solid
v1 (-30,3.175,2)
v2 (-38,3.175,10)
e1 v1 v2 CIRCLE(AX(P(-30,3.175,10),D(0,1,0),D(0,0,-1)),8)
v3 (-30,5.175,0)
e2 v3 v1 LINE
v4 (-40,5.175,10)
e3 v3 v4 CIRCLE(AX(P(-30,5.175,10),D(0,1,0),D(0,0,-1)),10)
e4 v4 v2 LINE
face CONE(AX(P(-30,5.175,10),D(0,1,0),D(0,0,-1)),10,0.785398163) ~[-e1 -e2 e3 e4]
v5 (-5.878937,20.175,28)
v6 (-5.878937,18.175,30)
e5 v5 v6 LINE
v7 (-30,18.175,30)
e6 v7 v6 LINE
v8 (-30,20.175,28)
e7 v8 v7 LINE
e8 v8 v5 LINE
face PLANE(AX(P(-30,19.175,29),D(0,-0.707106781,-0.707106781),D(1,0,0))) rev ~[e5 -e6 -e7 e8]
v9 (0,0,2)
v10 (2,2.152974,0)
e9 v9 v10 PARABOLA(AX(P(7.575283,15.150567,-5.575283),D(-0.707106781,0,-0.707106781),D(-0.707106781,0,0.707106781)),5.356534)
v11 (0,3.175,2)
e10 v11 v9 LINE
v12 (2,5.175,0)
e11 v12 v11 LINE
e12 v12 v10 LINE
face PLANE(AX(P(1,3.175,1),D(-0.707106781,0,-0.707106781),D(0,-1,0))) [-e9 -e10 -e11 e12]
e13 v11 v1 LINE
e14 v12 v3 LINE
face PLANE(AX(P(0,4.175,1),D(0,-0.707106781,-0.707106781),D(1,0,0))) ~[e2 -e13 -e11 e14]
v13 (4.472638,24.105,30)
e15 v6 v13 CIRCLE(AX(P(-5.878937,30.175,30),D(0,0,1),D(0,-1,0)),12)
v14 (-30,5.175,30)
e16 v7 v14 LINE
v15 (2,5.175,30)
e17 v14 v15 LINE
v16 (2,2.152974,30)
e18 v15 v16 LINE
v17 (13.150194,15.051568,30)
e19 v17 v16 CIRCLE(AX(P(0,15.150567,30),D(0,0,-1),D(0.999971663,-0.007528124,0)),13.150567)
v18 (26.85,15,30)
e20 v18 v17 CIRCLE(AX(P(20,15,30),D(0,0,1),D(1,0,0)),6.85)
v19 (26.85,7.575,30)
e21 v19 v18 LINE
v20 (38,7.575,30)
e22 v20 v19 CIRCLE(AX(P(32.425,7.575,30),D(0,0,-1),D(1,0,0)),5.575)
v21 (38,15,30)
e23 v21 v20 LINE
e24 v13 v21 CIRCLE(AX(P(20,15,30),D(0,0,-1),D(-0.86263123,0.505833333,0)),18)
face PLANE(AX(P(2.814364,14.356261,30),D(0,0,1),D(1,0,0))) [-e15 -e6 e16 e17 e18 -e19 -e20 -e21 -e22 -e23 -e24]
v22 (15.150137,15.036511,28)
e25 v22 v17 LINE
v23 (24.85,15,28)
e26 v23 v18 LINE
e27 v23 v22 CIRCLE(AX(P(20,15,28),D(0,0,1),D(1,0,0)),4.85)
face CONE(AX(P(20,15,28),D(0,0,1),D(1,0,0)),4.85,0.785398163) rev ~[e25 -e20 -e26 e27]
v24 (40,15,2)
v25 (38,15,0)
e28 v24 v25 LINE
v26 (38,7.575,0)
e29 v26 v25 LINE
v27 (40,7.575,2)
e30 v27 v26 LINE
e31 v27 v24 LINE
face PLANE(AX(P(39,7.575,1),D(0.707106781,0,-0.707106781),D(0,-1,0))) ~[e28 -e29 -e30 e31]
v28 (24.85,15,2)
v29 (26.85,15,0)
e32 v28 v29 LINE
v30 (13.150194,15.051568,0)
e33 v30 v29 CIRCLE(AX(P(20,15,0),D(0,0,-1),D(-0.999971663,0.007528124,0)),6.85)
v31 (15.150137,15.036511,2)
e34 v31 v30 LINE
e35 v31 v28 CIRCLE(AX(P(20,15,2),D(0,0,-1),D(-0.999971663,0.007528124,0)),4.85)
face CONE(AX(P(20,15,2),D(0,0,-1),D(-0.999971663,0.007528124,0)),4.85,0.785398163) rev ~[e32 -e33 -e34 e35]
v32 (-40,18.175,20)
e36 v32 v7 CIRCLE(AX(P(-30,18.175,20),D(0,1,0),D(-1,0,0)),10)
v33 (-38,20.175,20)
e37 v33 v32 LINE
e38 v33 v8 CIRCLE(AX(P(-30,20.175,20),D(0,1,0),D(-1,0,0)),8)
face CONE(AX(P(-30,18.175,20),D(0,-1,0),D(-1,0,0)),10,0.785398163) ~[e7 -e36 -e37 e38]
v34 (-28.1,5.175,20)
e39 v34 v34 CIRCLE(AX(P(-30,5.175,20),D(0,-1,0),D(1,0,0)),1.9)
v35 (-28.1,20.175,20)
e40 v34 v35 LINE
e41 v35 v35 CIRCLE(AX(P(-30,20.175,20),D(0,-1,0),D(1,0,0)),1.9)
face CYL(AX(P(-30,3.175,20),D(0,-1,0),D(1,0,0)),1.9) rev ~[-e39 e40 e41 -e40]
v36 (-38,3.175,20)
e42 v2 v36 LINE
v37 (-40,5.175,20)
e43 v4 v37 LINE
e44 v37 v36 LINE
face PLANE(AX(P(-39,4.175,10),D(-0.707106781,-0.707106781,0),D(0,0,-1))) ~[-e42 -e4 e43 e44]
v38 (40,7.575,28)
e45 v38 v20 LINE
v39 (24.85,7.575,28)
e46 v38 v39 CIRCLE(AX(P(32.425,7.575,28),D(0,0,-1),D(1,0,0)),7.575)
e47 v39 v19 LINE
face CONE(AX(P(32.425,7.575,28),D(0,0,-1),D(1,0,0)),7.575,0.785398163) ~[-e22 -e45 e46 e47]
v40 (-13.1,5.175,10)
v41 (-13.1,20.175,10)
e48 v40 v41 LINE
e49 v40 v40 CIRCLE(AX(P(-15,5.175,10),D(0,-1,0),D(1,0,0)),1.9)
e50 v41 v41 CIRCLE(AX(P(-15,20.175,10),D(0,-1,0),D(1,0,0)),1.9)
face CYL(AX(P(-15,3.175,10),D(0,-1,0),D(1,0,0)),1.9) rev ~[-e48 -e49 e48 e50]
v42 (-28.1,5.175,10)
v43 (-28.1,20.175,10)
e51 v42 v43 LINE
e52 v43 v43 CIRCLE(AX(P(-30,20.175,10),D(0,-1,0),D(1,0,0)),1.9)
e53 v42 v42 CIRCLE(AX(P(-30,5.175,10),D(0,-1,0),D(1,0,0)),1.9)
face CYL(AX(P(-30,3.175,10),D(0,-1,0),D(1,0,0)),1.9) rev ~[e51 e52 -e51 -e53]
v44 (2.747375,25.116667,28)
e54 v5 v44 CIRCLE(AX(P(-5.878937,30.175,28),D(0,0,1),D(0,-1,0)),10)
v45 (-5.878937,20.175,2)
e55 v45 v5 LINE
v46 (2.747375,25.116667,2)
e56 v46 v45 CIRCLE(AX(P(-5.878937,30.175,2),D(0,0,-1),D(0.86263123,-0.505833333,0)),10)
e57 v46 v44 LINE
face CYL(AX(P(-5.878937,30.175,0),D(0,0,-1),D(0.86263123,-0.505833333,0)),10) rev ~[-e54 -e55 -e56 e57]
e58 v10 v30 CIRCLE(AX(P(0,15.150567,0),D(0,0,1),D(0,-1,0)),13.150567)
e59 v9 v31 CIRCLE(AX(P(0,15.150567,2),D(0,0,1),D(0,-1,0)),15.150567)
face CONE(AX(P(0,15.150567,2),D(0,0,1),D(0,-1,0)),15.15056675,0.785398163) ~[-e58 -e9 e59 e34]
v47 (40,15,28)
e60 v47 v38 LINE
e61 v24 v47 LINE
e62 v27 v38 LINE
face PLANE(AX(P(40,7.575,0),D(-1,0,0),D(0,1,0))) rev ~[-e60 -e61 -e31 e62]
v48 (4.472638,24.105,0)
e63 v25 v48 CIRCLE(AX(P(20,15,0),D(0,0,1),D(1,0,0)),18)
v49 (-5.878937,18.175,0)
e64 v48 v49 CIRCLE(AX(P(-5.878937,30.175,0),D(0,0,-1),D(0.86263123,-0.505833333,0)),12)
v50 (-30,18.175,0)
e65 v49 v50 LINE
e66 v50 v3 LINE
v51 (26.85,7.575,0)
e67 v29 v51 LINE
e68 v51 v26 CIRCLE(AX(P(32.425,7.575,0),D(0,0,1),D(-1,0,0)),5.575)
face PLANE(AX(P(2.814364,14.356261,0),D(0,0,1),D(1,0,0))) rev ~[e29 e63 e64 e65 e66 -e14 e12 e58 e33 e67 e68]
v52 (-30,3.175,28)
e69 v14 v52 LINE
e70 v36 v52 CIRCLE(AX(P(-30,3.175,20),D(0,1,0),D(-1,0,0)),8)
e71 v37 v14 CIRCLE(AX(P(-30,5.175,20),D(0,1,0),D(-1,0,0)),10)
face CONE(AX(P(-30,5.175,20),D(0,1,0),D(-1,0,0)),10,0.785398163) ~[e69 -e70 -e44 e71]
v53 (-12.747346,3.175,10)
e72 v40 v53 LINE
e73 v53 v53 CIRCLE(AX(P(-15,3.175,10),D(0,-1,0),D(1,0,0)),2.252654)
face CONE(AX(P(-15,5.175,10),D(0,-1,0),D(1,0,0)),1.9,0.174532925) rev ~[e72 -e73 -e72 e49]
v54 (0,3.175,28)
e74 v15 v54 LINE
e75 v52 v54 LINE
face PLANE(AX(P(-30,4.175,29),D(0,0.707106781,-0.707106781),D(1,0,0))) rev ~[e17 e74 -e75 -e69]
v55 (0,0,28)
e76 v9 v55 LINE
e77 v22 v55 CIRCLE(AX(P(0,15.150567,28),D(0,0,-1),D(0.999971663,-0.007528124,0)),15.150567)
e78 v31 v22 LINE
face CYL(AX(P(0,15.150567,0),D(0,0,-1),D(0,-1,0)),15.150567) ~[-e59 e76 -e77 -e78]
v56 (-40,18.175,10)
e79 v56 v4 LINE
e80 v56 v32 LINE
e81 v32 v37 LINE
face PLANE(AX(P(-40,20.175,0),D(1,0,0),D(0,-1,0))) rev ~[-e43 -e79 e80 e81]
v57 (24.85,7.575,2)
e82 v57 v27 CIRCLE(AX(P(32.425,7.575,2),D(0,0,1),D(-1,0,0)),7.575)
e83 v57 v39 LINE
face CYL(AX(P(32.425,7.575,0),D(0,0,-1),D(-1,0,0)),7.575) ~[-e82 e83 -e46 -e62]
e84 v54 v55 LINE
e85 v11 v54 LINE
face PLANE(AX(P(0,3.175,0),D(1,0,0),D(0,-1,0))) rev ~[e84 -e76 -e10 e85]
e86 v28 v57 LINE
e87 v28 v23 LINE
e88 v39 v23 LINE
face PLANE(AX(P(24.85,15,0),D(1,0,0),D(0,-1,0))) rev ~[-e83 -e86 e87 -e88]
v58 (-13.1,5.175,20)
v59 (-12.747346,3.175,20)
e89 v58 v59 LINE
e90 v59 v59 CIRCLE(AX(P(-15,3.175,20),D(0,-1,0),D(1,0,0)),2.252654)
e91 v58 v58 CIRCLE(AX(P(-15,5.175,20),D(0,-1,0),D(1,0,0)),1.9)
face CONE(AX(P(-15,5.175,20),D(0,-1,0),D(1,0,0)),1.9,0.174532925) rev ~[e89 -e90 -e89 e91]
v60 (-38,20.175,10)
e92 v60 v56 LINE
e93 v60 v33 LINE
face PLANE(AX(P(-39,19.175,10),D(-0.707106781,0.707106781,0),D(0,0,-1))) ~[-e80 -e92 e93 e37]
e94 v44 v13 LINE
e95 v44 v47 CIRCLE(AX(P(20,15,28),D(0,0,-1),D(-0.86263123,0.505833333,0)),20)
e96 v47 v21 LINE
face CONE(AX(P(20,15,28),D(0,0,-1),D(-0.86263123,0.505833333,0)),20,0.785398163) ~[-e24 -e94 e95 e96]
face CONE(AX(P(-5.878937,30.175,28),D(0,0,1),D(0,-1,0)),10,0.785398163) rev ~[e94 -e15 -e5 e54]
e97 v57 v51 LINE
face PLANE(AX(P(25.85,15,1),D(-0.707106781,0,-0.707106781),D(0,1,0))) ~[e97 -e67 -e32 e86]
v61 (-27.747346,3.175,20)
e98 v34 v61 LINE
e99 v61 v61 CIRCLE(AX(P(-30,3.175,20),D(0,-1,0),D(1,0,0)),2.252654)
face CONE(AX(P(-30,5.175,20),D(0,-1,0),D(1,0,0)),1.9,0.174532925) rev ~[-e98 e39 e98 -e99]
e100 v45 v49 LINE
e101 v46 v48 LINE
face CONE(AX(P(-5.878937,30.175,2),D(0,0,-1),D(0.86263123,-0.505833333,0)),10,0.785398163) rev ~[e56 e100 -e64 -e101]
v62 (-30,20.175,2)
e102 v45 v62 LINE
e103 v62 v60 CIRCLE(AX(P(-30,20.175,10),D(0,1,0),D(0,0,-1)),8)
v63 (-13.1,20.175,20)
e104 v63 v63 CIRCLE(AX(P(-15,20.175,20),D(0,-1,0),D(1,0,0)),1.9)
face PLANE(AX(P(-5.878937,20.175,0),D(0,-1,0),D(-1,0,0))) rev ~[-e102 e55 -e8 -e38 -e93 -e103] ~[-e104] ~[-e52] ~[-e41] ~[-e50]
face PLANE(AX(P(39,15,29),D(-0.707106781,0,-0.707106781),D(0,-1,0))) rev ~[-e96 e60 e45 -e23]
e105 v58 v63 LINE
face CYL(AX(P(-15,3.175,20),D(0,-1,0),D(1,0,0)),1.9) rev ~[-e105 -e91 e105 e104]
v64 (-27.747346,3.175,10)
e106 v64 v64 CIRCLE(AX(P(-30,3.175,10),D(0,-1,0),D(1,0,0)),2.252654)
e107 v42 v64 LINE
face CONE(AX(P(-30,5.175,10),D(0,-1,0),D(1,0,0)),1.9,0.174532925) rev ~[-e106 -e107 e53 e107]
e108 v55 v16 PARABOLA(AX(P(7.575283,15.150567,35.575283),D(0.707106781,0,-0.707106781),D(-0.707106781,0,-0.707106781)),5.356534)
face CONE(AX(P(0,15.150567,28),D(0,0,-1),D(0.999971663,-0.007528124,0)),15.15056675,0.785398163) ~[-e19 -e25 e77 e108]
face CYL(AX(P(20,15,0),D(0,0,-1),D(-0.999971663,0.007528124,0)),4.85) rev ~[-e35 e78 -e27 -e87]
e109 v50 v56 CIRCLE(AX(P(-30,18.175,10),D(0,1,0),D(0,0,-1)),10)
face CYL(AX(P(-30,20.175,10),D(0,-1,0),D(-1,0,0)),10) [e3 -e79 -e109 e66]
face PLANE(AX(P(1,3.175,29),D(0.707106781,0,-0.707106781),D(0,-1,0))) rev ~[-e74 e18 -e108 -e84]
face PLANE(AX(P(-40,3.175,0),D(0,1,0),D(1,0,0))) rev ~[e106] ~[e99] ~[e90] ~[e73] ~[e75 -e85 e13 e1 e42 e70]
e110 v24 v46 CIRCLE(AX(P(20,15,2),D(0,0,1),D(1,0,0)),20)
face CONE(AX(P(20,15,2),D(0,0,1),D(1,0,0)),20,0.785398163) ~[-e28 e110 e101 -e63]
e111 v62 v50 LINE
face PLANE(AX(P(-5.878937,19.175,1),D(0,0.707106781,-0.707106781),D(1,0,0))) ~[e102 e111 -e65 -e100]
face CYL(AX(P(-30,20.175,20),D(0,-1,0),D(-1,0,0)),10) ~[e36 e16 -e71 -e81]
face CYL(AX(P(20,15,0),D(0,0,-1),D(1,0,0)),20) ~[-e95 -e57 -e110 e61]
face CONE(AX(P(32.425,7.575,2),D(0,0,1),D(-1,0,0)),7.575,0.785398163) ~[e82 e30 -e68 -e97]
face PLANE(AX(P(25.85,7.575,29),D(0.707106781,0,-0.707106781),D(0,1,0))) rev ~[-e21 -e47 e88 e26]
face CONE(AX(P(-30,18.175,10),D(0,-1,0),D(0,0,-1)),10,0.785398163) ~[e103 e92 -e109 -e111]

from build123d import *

# Parameters (mm, degrees)
BOSS_EXTRUDE1_DEPTH   = 30
FILLET1_R             = 10
CHAMFER1_SIZE         = 2
SKETCH3_R             = 1.9
CUT_EXTRUDE1_DEPTH    = 32.825
CHAMFER2_SIZE         = 2
CHAMFER2_SIZE2        = 0.352653961
CHAMFER2_PART_2_SIZE  = 2
CHAMFER2_PART_2_SIZE2 = 0.352653961
CHAMFER2_PART_3_SIZE  = 2
CHAMFER2_PART_3_SIZE2 = 0.352653961
CHAMFER2_PART_4_SIZE  = 2
CHAMFER2_PART_4_SIZE2 = 0.352653961


with BuildPart() as part:
    # Sketch1 → Boss-Extrude1 (new body)
    with BuildSketch(Plane.XY):
        with BuildLine():
            Line((0, 3.175), (0, 0))
            ThreePointArc((0, 0), (10.672667654, 4.397249215), (15.150137433, 15.036511402))
            ThreePointArc((15.150137433, 15.036511402), (20.018255831, 19.849965642), (24.85, 15))
            Line((24.85, 15), (24.85, 7.575))
            ThreePointArc((24.85, 7.575), (32.425, 0), (40, 7.575))
            Line((40, 7.575), (40, 15))
            ThreePointArc((40, 15), (25.241541186, 34.300938992), (2.747375401, 25.116666667))
            ThreePointArc((2.747375401, 25.116666667), (-0.908189135, 21.497922919), (-5.878936899, 20.175))
            Line((-5.878936899, 20.175), (-40, 20.175))
            Line((-40, 20.175), (-40, 3.175))
            Line((-40, 3.175), (0, 3.175))
        make_face()
    extrude(amount=BOSS_EXTRUDE1_DEPTH)

    # Fillet1
    fillet1_edges = [part.edges().sort_by_distance(p)[0] for p in [
        (-40, 11.675, 0),
        (-40, 11.675, 30),
    ]]
    fillet(fillet1_edges, radius=FILLET1_R)

    # Chamfer1
    chamfer1_edges = [part.edges().sort_by_distance(p)[0] for p in [
        (-17.939468449, 20.175, 0),
        (-0.908189135, 21.497922919, 0),
        (25.241541186, 34.300938992, 0),
        (40, 11.2875, 0),
        (10.672667654, 4.397249215, 30),
        (32.425, 0, 0),
        (24.85, 11.2875, 0),
        (20.018255831, 19.849965642, 0),
        (10.672667654, 4.397249215, 0),
        (0, 1.5875, 0),
        (20.018255831, 19.849965642, 30),
        (24.85, 11.2875, 30),
        (32.425, 0, 30),
        (40, 11.2875, 30),
        (25.241541186, 34.300938992, 30),
        (-40, 3.175, 15),
        (-40, 20.175, 15),
        (-15, 3.175, 0),
        (-15, 3.175, 30),
        (-37.071067812, 3.175, 27.071067812),
        (-0.908189135, 21.497922919, 30),
        (-37.071067812, 3.175, 2.928932188),
        (-37.071067812, 20.175, 27.071067812),
        (-37.071067812, 20.175, 2.928932188),
        (-17.939468449, 20.175, 30),
        (0, 1.5875, 30),
    ]]
    chamfer(chamfer1_edges, length=CHAMFER1_SIZE)

    # Sketch3 → Cut-Extrude1 (cut, through all)
    with BuildSketch(Plane.XZ.offset(-3.175)):
        with Locations((-30, 20)):
            Circle(SKETCH3_R)
        with Locations((-15, 20)):
            Circle(SKETCH3_R)
        with Locations((-15, 10)):
            Circle(SKETCH3_R)
        with Locations((-30, 10)):
            Circle(SKETCH3_R)
    extrude(amount=-CUT_EXTRUDE1_DEPTH, mode=Mode.SUBTRACT)

    # Chamfer2
    chamfer2_edges = [part.edges().sort_by_distance(p)[0] for p in [
        (-31.9, 3.175, 10),
    ]]
    chamfer2_side = [part.faces().sort_by_distance(p)[0] for p in [
        (-31.9, 11.675, 10),
    ]]
    chamfer(chamfer2_edges, length=CHAMFER2_SIZE, length2=CHAMFER2_SIZE2, reference=chamfer2_side[0])

    # Chamfer2 part 2
    chamfer2_part_2_edges = [part.edges().sort_by_distance(p)[0] for p in [
        (-16.9, 3.175, 10),
    ]]
    chamfer2_part_2_side = [part.faces().sort_by_distance(p)[0] for p in [
        (-16.9, 11.675, 10),
    ]]
    chamfer(chamfer2_part_2_edges, length=CHAMFER2_PART_2_SIZE, length2=CHAMFER2_PART_2_SIZE2, reference=chamfer2_part_2_side[0])

    # Chamfer2 part 3
    chamfer2_part_3_edges = [part.edges().sort_by_distance(p)[0] for p in [
        (-16.9, 3.175, 20),
    ]]
    chamfer2_part_3_side = [part.faces().sort_by_distance(p)[0] for p in [
        (-16.9, 11.675, 20),
    ]]
    chamfer(chamfer2_part_3_edges, length=CHAMFER2_PART_3_SIZE, length2=CHAMFER2_PART_3_SIZE2, reference=chamfer2_part_3_side[0])

    # Chamfer2 part 4
    chamfer2_part_4_edges = [part.edges().sort_by_distance(p)[0] for p in [
        (-31.9, 3.175, 20),
    ]]
    chamfer2_part_4_side = [part.faces().sort_by_distance(p)[0] for p in [
        (-31.9, 11.675, 20),
    ]]
    chamfer(chamfer2_part_4_edges, length=CHAMFER2_PART_4_SIZE, length2=CHAMFER2_PART_4_SIZE2, reference=chamfer2_part_4_side[0])


solid = part.part
